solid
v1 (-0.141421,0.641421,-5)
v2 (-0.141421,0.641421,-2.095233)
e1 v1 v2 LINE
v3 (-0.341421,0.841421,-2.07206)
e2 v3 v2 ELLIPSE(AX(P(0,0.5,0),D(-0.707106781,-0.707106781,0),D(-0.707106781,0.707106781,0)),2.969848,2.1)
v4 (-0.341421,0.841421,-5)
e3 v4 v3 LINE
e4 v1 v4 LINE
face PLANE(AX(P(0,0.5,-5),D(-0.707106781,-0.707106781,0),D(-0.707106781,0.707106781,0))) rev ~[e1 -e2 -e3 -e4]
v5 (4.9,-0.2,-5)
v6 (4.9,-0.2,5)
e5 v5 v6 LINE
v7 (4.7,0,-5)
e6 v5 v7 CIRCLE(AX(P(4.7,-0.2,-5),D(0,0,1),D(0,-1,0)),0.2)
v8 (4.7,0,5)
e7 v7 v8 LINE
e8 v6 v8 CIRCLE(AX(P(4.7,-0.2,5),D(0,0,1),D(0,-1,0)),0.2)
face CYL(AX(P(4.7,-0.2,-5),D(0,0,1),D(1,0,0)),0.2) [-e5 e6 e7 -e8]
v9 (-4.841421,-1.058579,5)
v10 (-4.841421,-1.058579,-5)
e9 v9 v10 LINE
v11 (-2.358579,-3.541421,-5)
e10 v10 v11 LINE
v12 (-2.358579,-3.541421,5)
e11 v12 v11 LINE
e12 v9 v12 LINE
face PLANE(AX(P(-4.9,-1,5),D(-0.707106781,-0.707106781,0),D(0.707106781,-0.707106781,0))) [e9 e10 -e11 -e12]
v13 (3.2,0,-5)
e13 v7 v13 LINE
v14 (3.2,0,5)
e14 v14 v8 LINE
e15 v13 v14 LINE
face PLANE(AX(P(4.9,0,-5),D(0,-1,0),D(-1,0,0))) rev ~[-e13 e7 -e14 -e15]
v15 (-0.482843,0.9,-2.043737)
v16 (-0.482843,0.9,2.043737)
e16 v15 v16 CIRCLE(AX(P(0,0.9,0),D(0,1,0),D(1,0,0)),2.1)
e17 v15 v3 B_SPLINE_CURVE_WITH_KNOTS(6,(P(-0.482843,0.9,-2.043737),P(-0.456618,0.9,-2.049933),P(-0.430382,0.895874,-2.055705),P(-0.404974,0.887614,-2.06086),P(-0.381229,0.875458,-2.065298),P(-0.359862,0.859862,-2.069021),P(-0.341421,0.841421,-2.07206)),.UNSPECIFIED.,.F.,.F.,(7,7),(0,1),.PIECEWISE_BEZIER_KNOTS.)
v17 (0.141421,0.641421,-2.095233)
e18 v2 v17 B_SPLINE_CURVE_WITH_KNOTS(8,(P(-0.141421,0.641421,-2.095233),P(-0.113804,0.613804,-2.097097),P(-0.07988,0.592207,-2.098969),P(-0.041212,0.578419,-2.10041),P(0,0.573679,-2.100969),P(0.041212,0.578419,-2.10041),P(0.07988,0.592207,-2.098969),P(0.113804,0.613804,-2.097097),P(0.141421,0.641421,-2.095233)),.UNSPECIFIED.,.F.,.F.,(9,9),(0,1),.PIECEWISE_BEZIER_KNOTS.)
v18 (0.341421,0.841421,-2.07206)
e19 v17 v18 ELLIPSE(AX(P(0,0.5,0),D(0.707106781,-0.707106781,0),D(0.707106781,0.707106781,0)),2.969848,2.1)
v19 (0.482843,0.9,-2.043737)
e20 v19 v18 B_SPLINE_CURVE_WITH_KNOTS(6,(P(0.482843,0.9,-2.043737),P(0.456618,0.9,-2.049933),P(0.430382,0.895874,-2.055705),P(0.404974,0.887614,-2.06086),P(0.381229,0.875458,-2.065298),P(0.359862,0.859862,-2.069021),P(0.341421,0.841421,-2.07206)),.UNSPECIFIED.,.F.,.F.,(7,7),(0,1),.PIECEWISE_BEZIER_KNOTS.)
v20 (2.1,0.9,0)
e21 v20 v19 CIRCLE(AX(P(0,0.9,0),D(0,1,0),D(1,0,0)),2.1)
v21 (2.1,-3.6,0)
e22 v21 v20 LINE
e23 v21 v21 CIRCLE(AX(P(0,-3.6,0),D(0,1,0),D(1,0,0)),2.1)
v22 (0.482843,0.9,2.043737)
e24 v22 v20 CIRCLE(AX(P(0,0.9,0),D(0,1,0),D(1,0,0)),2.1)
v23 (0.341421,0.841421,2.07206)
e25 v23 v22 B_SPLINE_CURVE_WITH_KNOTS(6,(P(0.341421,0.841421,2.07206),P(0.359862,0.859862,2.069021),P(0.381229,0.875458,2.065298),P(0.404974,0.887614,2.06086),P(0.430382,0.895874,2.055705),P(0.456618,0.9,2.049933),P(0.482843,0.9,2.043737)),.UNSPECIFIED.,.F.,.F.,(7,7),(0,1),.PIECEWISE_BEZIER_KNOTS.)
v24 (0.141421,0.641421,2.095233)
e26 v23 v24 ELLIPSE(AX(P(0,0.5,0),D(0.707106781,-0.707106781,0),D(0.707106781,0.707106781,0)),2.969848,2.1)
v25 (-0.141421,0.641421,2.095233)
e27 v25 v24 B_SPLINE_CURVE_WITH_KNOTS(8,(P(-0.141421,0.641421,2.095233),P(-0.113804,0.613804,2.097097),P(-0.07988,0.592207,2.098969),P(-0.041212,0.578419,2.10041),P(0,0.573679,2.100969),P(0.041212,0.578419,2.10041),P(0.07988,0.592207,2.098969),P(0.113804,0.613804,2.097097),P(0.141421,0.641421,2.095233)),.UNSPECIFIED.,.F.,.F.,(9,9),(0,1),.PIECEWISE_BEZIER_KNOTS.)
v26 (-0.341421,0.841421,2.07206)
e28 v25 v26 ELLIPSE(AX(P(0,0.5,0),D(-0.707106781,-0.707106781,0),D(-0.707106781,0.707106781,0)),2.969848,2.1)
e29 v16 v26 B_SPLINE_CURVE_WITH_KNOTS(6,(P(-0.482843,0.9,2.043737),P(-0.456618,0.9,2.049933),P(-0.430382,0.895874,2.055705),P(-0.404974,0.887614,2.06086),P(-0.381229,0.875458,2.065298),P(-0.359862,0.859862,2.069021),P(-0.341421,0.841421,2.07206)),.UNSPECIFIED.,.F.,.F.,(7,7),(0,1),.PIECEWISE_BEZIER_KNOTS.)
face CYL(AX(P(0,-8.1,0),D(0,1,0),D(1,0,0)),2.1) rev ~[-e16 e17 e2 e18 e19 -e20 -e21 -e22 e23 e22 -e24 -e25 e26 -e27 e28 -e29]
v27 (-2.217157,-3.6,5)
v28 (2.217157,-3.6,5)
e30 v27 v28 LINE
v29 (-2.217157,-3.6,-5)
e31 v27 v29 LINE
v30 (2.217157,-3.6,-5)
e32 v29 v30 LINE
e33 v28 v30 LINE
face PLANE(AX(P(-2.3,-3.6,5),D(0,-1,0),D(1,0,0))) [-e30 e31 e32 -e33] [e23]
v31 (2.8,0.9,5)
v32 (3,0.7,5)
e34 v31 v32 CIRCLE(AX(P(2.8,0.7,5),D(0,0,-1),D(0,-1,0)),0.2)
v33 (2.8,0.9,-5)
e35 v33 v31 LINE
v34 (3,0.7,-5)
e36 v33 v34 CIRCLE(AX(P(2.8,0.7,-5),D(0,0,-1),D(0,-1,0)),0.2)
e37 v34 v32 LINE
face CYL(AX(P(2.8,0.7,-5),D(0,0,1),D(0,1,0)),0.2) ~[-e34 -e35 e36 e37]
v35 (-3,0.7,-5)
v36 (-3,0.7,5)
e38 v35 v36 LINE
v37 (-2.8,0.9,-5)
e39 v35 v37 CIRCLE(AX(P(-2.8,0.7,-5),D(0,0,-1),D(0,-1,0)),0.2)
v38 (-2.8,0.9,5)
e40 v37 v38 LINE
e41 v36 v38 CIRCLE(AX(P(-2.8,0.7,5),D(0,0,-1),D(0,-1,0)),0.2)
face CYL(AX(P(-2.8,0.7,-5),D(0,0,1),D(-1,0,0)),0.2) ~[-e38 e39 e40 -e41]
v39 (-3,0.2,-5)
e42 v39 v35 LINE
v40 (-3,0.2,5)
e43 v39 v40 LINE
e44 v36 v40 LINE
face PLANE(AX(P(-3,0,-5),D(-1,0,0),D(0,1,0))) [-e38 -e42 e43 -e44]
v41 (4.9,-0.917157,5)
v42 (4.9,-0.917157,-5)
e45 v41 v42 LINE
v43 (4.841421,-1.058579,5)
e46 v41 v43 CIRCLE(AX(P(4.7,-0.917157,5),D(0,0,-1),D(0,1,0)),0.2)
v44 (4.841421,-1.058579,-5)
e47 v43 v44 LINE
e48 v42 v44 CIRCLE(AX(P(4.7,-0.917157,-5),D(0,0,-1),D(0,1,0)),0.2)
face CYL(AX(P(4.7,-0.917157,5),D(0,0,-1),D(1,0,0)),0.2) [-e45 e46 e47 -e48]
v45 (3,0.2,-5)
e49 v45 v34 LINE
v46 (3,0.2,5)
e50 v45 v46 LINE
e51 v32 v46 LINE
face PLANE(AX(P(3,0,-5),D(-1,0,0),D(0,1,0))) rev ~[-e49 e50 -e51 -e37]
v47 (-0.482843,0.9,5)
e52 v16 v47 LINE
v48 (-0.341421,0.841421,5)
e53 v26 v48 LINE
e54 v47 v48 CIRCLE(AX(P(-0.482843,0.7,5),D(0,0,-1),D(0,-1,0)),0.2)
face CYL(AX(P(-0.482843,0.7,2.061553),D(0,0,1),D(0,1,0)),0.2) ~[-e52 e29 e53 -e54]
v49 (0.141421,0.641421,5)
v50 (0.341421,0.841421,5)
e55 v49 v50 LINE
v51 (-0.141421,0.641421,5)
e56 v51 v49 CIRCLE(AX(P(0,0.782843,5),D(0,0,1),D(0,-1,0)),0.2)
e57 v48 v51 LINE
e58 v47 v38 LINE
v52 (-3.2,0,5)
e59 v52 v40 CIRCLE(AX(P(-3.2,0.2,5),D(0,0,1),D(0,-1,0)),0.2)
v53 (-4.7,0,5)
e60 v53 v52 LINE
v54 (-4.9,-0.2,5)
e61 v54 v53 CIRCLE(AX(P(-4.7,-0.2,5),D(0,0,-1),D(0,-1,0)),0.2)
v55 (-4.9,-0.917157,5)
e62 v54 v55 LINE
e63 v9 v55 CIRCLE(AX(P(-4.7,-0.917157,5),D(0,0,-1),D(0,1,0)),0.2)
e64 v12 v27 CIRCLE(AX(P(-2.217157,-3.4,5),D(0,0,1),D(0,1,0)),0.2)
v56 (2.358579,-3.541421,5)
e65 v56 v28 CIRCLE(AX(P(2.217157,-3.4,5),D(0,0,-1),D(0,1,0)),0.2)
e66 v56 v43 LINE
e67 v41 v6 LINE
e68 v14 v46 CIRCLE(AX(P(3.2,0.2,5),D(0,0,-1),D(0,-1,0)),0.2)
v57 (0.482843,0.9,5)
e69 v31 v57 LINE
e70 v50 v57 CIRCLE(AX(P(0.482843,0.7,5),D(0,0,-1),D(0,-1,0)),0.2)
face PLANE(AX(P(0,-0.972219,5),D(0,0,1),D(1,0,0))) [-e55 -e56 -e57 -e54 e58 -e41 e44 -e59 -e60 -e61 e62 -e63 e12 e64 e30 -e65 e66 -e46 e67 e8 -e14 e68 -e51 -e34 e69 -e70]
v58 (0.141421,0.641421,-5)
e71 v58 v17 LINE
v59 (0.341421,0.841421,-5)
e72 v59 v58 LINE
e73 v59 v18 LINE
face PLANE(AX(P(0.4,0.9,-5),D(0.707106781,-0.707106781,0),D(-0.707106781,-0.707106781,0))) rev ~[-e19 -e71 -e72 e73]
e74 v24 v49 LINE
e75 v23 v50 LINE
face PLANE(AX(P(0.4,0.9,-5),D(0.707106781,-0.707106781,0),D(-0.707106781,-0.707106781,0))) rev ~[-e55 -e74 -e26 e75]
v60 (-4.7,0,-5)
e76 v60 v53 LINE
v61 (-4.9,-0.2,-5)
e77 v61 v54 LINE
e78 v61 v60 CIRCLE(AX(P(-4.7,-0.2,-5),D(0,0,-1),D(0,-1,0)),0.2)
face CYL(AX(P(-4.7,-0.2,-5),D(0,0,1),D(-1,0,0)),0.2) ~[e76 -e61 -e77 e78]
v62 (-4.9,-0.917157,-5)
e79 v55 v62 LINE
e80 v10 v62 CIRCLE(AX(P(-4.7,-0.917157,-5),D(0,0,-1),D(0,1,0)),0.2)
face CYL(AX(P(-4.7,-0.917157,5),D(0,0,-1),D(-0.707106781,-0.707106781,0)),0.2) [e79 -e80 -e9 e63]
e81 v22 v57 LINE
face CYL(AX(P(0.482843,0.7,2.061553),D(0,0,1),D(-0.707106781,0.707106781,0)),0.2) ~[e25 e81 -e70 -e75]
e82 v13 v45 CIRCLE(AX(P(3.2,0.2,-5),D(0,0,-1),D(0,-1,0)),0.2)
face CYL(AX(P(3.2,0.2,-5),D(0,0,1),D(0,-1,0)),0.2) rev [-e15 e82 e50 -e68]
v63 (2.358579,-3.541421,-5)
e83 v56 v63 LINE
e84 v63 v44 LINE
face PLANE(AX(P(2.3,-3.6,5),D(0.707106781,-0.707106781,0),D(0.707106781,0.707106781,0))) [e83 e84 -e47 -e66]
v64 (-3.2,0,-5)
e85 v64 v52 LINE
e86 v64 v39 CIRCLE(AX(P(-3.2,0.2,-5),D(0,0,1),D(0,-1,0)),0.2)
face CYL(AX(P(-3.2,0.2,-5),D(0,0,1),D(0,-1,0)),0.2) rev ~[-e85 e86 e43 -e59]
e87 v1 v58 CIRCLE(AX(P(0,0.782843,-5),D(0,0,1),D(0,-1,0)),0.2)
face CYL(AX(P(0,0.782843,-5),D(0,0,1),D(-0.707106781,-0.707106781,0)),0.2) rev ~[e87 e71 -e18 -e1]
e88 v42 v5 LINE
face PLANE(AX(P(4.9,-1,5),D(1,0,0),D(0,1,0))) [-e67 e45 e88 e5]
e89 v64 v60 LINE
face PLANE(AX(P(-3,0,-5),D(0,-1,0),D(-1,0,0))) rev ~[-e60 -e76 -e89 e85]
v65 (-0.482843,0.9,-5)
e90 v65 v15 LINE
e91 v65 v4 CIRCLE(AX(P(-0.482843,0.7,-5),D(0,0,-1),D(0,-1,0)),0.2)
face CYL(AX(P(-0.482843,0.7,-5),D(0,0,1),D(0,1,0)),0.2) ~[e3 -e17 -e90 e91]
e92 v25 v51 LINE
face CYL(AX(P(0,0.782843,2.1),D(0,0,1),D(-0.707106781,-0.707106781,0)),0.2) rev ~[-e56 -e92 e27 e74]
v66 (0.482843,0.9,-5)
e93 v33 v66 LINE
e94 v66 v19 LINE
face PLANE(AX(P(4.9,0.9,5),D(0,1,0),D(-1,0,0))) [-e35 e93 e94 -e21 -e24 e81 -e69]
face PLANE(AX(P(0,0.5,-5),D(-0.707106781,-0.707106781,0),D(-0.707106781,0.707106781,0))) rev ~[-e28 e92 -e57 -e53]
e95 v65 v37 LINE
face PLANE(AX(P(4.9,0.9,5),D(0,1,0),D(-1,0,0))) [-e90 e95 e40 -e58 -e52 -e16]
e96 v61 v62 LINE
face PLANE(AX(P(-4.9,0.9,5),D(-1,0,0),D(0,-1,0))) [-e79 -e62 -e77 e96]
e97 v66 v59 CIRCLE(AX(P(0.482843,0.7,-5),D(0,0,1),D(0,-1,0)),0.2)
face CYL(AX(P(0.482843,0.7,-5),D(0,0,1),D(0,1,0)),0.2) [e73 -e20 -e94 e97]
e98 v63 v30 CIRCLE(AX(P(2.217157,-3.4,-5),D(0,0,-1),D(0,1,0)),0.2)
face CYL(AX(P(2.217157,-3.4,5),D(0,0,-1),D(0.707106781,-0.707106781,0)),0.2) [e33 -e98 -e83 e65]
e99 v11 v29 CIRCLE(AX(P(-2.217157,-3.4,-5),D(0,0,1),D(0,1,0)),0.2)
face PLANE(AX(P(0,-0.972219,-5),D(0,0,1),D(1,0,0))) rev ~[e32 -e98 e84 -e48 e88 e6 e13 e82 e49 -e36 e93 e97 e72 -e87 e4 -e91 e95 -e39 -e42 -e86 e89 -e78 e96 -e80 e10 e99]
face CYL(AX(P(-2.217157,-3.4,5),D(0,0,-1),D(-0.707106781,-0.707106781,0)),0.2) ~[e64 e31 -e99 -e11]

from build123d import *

# Parameters (mm, degrees)
BOSS_EXTRUDE1_DEPTH            = 10
SKETCH2_W                      = 1.9
SKETCH2_H                      = 0.9
CUT_EXTRUDE1_DEPTH             = 12.703418304
SKETCH3_W                      = 1.9
SKETCH3_H                      = 0.9
CUT_EXTRUDE2_DEPTH             = 12.703418304
CUT_EXTRUDE3_DEPTH             = 12.703418304
F_4_2_4_2_DIAMETER_HOLE1_D     = 4.2
F_4_2_4_2_DIAMETER_HOLE1_DEPTH = 4.5
FILLET1_R                      = 0.2


with BuildPart() as part:
    # Sketch1 → Boss-Extrude1 (new body)
    with BuildSketch(Plane.XY.offset(5)):
        Polygon((4.9, -1), (4.9, 0.9), (-4.9, 0.9), (-4.9, -1), (-2.3, -3.6), (2.3, -3.6), align=None)
    extrude(amount=-BOSS_EXTRUDE1_DEPTH)

    # Sketch2 → Cut-Extrude1 (cut, through all)
    with BuildSketch(Plane(origin=(0, 0, -5), x_dir=(-1, 0, 0), z_dir=(0, 0, -1))):
        with Locations((3.95, 0.45)):
            Rectangle(SKETCH2_W, SKETCH2_H)
    extrude(amount=-CUT_EXTRUDE1_DEPTH, mode=Mode.SUBTRACT)

    # Sketch3 → Cut-Extrude2 (cut, through all)
    with BuildSketch(Plane(origin=(0, 0, -5), x_dir=(-1, 0, 0), z_dir=(0, 0, -1))):
        with Locations((-3.95, 0.45)):
            Rectangle(SKETCH3_W, SKETCH3_H)
    extrude(amount=-CUT_EXTRUDE2_DEPTH, mode=Mode.SUBTRACT)

    # Sketch4 → Cut-Extrude3 (cut, through all)
    with BuildSketch(Plane(origin=(0, 0, -5), x_dir=(-1, 0, 0), z_dir=(0, 0, -1))):
        Polygon((0.4, 0.9), (-0.4, 0.9), (0, 0.5), align=None)
    extrude(amount=-CUT_EXTRUDE3_DEPTH, mode=Mode.SUBTRACT)

    # Ø4.2 (4.2) Diameter Hole1
    with Locations(Plane(origin=(0, -3.6, 0), x_dir=(-1, 0, 0), z_dir=(0, -1, 0))):
        with Locations((0, 0)):
            Hole(F_4_2_4_2_DIAMETER_HOLE1_D / 2, depth=F_4_2_4_2_DIAMETER_HOLE1_DEPTH)

    # Fillet1
    fillet1_edges = [part.edges().sort_by_distance(p)[0] for p in [
        (4.9, 0, 0),
        (3, 0, 0),
        (-4.9, -1, 0),
        (3, 0.9, 0),
        (-3, 0, 0),
        (0.4, 0.9, -3.530776406),
        (0, 0.5, 3.55),
        (-0.4, 0.9, -3.530776406),
        (4.9, -1, 0),
        (-3, 0.9, 0),
        (0, 0.5, -3.55),
        (-0.4, 0.9, 3.530776406),
        (-4.9, 0, 0),
        (-2.3, -3.6, 0),
        (0.4, 0.9, 3.530776406),
        (2.3, -3.6, 0),
    ]]
    fillet(fillet1_edges, radius=FILLET1_R)


solid = part.part
